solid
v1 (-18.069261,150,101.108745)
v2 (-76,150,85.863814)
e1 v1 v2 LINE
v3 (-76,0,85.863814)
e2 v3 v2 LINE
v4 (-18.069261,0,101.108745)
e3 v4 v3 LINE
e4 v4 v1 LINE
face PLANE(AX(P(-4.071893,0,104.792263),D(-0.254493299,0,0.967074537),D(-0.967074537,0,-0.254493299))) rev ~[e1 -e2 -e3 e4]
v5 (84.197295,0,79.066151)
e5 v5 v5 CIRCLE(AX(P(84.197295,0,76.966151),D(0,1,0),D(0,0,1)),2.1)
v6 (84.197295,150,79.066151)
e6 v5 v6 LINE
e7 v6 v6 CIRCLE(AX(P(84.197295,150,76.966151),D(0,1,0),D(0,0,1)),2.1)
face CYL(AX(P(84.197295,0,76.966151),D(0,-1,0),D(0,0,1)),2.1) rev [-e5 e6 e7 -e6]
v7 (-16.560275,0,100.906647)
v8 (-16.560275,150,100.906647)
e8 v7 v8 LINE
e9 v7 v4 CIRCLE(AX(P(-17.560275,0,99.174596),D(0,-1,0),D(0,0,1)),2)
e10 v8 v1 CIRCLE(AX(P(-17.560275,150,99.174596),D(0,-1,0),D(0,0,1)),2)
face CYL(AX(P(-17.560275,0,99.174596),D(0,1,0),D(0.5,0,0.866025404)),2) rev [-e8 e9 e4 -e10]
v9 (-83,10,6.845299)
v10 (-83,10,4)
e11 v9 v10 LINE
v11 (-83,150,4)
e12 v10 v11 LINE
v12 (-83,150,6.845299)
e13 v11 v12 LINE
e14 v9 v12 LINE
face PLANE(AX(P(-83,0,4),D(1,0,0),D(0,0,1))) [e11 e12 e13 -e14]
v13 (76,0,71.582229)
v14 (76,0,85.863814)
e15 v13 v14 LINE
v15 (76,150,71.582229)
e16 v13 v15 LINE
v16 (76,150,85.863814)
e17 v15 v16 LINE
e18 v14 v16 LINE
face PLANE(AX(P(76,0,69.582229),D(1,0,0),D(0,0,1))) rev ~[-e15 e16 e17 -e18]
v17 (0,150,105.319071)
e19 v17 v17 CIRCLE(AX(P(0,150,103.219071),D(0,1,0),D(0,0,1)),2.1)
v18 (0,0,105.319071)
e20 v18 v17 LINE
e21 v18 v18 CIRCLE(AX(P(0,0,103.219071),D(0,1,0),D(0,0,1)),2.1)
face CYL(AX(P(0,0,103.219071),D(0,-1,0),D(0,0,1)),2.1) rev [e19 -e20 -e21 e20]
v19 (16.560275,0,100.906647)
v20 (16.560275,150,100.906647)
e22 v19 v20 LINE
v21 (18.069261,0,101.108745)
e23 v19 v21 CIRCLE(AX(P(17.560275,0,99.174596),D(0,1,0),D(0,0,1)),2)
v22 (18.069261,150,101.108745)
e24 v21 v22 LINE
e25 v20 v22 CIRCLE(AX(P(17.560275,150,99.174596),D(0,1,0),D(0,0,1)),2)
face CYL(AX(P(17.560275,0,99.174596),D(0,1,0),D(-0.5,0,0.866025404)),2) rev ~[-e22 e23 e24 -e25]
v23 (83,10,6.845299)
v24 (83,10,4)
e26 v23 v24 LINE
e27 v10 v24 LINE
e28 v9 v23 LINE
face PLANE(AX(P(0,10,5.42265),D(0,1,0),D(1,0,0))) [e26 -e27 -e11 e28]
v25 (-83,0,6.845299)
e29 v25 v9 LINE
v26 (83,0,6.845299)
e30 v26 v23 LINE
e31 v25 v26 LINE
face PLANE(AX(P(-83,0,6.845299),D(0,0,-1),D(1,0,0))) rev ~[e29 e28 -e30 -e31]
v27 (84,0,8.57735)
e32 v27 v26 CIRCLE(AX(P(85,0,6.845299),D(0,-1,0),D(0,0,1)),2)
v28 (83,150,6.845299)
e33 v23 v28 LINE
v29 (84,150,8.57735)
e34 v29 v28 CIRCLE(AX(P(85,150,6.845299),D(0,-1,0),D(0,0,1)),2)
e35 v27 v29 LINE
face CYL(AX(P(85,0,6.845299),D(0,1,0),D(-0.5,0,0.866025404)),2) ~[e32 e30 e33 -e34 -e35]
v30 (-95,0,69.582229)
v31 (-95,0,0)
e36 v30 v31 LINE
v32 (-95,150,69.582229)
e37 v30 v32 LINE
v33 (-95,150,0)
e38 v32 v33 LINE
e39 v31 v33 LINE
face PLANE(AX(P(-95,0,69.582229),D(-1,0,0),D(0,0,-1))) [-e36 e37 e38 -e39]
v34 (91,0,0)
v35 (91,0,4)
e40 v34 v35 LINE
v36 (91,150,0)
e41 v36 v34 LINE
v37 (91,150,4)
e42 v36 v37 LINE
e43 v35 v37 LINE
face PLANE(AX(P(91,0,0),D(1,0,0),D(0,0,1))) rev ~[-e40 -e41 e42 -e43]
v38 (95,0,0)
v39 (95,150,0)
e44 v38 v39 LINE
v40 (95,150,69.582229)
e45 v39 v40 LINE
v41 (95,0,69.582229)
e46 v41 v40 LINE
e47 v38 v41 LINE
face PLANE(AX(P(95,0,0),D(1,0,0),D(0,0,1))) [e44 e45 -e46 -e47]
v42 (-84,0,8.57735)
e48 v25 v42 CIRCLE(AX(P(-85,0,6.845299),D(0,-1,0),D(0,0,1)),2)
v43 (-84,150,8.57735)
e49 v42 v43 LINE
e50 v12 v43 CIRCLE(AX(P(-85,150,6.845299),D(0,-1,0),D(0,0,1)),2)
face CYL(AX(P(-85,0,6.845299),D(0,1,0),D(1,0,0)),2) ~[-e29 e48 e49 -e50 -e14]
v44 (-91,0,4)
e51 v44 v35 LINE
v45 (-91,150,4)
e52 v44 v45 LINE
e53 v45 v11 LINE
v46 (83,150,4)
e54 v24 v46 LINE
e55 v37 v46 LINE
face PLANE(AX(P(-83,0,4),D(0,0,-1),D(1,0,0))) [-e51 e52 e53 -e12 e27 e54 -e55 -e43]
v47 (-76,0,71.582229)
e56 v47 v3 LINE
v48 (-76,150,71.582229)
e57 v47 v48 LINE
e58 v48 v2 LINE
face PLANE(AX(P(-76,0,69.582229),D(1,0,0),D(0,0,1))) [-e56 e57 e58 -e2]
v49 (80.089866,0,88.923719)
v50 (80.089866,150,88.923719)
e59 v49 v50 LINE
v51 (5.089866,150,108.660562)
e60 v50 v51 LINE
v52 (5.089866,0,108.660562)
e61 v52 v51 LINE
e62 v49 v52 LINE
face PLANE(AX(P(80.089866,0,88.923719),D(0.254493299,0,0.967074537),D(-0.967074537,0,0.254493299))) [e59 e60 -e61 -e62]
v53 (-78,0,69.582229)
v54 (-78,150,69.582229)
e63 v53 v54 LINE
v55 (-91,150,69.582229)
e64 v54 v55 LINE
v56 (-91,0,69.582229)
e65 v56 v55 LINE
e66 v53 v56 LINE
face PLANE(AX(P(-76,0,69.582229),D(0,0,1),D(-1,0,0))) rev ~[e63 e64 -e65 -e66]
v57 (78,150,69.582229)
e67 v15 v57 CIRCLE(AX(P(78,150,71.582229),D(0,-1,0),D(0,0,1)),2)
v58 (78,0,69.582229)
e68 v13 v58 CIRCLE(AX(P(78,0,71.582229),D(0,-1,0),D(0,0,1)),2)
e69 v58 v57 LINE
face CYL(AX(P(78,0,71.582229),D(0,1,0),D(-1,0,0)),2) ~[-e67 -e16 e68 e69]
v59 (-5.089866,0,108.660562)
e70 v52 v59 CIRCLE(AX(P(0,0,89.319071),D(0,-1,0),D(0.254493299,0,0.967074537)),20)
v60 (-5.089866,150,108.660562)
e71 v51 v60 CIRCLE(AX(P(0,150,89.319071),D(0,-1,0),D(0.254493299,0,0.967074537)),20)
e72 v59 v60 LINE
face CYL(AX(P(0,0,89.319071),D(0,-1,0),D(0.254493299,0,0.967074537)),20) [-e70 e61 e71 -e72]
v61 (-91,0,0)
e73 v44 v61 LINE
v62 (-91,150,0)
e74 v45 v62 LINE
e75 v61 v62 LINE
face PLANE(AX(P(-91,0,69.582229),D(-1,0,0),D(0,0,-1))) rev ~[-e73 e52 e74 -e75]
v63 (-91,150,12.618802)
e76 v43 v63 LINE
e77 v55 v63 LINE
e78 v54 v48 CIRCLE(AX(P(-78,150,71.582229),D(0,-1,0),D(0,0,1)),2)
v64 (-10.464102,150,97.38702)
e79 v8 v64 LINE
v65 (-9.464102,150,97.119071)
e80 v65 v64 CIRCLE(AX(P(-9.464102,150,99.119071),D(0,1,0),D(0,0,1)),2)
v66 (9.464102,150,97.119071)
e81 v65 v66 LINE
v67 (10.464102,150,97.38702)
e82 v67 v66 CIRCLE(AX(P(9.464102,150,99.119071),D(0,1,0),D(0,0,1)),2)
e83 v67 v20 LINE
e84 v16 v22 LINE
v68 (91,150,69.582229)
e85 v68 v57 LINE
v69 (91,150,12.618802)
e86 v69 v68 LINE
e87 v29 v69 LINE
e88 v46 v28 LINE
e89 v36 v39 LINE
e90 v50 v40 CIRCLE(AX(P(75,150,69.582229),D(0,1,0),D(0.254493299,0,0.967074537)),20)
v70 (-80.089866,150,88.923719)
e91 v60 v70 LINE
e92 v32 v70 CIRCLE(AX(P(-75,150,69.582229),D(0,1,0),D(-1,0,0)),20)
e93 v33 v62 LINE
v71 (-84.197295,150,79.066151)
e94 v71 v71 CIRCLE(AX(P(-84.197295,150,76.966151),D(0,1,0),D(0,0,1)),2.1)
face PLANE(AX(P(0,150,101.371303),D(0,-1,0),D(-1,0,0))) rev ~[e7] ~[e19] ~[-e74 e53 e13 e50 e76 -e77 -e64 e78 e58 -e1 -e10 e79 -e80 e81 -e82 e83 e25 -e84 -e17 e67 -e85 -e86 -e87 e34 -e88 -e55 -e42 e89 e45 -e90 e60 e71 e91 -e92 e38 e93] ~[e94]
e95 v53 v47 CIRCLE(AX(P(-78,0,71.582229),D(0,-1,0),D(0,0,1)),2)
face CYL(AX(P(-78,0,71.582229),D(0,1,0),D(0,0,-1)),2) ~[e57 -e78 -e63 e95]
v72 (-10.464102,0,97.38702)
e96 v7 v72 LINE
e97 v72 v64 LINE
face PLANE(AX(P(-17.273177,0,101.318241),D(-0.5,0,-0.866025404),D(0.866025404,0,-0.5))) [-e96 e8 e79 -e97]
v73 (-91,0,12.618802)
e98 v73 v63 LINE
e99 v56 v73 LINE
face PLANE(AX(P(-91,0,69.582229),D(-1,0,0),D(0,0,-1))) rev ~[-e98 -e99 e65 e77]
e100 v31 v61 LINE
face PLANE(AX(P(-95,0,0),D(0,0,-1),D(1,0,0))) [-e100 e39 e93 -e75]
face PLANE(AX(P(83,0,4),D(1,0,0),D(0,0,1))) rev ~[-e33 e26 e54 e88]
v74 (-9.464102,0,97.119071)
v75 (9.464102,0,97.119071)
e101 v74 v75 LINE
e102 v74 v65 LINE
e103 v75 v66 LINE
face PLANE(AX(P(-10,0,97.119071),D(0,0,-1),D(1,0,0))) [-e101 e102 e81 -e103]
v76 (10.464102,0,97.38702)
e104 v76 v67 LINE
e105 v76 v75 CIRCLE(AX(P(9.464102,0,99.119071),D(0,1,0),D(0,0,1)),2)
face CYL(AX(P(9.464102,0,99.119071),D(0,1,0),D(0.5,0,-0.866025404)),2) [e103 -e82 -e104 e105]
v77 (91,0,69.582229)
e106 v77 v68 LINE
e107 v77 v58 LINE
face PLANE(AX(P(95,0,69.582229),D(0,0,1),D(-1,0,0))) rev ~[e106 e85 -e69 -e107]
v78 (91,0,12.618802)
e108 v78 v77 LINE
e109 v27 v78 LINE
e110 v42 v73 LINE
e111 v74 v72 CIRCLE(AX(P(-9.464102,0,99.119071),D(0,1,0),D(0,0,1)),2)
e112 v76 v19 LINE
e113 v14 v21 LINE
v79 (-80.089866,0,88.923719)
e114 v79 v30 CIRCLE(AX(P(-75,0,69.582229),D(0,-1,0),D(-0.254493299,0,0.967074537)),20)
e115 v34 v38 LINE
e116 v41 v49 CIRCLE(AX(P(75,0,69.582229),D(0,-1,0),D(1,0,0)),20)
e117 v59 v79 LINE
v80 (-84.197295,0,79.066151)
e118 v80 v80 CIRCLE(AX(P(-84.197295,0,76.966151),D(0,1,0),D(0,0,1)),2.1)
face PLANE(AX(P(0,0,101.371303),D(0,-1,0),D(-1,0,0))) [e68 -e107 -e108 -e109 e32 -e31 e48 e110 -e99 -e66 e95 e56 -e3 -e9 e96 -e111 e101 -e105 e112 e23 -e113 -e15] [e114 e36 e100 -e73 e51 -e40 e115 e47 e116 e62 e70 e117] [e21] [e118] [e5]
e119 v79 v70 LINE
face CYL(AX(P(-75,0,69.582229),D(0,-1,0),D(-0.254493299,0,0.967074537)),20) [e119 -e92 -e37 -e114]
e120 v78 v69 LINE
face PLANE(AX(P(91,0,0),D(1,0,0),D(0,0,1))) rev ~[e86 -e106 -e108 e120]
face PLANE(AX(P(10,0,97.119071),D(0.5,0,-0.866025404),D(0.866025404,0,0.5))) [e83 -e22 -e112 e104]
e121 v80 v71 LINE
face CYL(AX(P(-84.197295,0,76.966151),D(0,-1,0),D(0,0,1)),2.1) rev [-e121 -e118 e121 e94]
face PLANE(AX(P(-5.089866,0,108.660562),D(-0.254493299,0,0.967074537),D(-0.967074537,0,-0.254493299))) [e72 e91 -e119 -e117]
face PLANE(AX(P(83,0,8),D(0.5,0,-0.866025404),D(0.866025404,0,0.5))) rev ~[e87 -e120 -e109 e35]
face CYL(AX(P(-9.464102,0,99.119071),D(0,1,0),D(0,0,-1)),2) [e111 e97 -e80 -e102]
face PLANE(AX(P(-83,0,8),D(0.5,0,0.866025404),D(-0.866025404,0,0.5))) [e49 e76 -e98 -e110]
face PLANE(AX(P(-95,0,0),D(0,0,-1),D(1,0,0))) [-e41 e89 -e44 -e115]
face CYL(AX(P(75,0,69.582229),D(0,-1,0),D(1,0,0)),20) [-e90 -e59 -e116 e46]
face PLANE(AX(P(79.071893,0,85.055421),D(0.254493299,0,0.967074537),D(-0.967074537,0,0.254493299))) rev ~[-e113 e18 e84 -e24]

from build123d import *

# Parameters (mm, degrees)
BOSS_EXTRUDE1_DEPTH = 150
SHELL2_T            = -4
BOSS_EXTRUDE2_DEPTH = 150
FILLET1_R           = 2
SKETCH4_R           = 2.1
CUT_EXTRUDE1_DEPTH  = 150
SKETCH5_W           = 166
SKETCH5_H           = 2.845299462
BOSS_EXTRUDE3_DEPTH = 10
BOSS_EXTRUDE6_DEPTH = 150
FILLET2_R           = 2
SKETCH7_R           = 2.1
CUT_EXTRUDE3_DEPTH  = 150


with BuildPart() as part:
    # Sketch1 → Boss-Extrude1 (new body)
    with BuildSketch(Plane(origin=(0, 0, 0), x_dir=(1, 0, 0), z_dir=(0, 1, 0))):
        with BuildLine():
            Line((95, 0), (95, -69.582228732))
            ThreePointArc((95, -69.582228732), (90.839780928, -81.792934696), (80.089865986, -88.923719477))
            Line((80.089865986, -88.923719477), (5.089865986, -108.660561583))
            ThreePointArc((5.089865986, -108.660561583), (0, -109.319070837), (-5.089865986, -108.660561583))
            Line((-5.089865986, -108.660561583), (-80.089865986, -88.923719477))
            ThreePointArc((-80.089865986, -88.923719477), (-90.839780928, -81.792934696), (-95, -69.582228732))
            Line((-95, -69.582228732), (-95, 0))
            Line((-95, 0), (95, 0))
        make_face()
    extrude(amount=BOSS_EXTRUDE1_DEPTH)

    # Shell2
    shell2_openings = [part.faces().sort_by_distance(p)[0] for p in [
        (0, 150, 48.84344893),
        (0, 75, 0),
        (0, 0, 48.84344893),
    ]]
    offset(amount=SHELL2_T, openings=shell2_openings, kind=Kind.INTERSECTION)

    # Sketch3 → Boss-Extrude2 (add)
    with BuildSketch(Plane(origin=(0, 0, 0), x_dir=(1, 0, 0), z_dir=(0, 1, 0))):
        Polygon((-91, -4), (-83, -4), (-83, -8), (-91, -12.618802154), align=None)
        Polygon((-91, -69.582228732), (-76, -69.582228732), (-76, -85.863814167), (-80.300337087, -88.867104329), (-90.839780928, -81.792934696), (-95, -69.582228732), align=None)
        Polygon((91, -69.582228732), (76, -69.582228732), (76, -85.863814167), (80.300337087, -88.867104329), (90.839780928, -81.792934696), (95, -69.582228732), align=None)
        Polygon((83, -8), (91, -12.618802154), (91, -4), (83, -4), align=None)
    extrude(amount=BOSS_EXTRUDE2_DEPTH)

    # Fillet1
    fillet1_edges = [part.edges().sort_by_distance(p)[0] for p in [
        (83, 75, 8),
        (76, 75, 69.582228732),
        (-76, 75, 69.582228732),
        (-83, 75, 8),
    ]]
    fillet(fillet1_edges, radius=FILLET1_R)

    # Sketch4 → Cut-Extrude1 (cut)
    with BuildSketch(Plane(origin=(0, 0, 0), x_dir=(1, 0, 0), z_dir=(0, 1, 0))):
        with Locations(Location((84.197294702, -76.966150565, 0), (0, 0, 270))):
            Circle(SKETCH4_R)
        with Locations(Location((-84.197294702, -76.966150565, 0), (0, 0, 270))):
            Circle(SKETCH4_R)
    extrude(amount=CUT_EXTRUDE1_DEPTH, mode=Mode.SUBTRACT)

    # Sketch5 → Boss-Extrude3 (add)
    with BuildSketch(Plane(origin=(0, 0, 0), x_dir=(1, 0, 0), z_dir=(0, 1, 0))):
        with Locations((0, -5.422649731)):
            Rectangle(SKETCH5_W, SKETCH5_H)
    extrude(amount=BOSS_EXTRUDE3_DEPTH)

    # Sketch6 → Boss-Extrude6 (add)
    with BuildSketch(Plane(origin=(0, 0, 0), x_dir=(1, 0, 0), z_dir=(0, 1, 0))):
        Polygon((10, -97.119070837), (17.273176686, -101.318241355), (0, -107.972122026), (-17.273176686, -101.318241355), (-10, -97.119070837), align=None)
    extrude(amount=BOSS_EXTRUDE6_DEPTH)

    # Fillet2
    fillet2_edges = [part.edges().sort_by_distance(p)[0] for p in [
        (10, 75, 97.119070837),
        (-10, 75, 97.119070837),
        (-17.273176686, 75, 101.318241355),
        (17.273176686, 75, 101.318241355),
    ]]
    fillet(fillet2_edges, radius=FILLET2_R)

    # Sketch7 → Cut-Extrude3 (cut)
    with BuildSketch(Plane(origin=(0, 0, 0), x_dir=(1, 0, 0), z_dir=(0, 1, 0))):
        with Locations(Location((0, -103.219070837, 0), (0, 0, 270))):
            Circle(SKETCH7_R)
    extrude(amount=CUT_EXTRUDE3_DEPTH, mode=Mode.SUBTRACT)


solid = part.part
